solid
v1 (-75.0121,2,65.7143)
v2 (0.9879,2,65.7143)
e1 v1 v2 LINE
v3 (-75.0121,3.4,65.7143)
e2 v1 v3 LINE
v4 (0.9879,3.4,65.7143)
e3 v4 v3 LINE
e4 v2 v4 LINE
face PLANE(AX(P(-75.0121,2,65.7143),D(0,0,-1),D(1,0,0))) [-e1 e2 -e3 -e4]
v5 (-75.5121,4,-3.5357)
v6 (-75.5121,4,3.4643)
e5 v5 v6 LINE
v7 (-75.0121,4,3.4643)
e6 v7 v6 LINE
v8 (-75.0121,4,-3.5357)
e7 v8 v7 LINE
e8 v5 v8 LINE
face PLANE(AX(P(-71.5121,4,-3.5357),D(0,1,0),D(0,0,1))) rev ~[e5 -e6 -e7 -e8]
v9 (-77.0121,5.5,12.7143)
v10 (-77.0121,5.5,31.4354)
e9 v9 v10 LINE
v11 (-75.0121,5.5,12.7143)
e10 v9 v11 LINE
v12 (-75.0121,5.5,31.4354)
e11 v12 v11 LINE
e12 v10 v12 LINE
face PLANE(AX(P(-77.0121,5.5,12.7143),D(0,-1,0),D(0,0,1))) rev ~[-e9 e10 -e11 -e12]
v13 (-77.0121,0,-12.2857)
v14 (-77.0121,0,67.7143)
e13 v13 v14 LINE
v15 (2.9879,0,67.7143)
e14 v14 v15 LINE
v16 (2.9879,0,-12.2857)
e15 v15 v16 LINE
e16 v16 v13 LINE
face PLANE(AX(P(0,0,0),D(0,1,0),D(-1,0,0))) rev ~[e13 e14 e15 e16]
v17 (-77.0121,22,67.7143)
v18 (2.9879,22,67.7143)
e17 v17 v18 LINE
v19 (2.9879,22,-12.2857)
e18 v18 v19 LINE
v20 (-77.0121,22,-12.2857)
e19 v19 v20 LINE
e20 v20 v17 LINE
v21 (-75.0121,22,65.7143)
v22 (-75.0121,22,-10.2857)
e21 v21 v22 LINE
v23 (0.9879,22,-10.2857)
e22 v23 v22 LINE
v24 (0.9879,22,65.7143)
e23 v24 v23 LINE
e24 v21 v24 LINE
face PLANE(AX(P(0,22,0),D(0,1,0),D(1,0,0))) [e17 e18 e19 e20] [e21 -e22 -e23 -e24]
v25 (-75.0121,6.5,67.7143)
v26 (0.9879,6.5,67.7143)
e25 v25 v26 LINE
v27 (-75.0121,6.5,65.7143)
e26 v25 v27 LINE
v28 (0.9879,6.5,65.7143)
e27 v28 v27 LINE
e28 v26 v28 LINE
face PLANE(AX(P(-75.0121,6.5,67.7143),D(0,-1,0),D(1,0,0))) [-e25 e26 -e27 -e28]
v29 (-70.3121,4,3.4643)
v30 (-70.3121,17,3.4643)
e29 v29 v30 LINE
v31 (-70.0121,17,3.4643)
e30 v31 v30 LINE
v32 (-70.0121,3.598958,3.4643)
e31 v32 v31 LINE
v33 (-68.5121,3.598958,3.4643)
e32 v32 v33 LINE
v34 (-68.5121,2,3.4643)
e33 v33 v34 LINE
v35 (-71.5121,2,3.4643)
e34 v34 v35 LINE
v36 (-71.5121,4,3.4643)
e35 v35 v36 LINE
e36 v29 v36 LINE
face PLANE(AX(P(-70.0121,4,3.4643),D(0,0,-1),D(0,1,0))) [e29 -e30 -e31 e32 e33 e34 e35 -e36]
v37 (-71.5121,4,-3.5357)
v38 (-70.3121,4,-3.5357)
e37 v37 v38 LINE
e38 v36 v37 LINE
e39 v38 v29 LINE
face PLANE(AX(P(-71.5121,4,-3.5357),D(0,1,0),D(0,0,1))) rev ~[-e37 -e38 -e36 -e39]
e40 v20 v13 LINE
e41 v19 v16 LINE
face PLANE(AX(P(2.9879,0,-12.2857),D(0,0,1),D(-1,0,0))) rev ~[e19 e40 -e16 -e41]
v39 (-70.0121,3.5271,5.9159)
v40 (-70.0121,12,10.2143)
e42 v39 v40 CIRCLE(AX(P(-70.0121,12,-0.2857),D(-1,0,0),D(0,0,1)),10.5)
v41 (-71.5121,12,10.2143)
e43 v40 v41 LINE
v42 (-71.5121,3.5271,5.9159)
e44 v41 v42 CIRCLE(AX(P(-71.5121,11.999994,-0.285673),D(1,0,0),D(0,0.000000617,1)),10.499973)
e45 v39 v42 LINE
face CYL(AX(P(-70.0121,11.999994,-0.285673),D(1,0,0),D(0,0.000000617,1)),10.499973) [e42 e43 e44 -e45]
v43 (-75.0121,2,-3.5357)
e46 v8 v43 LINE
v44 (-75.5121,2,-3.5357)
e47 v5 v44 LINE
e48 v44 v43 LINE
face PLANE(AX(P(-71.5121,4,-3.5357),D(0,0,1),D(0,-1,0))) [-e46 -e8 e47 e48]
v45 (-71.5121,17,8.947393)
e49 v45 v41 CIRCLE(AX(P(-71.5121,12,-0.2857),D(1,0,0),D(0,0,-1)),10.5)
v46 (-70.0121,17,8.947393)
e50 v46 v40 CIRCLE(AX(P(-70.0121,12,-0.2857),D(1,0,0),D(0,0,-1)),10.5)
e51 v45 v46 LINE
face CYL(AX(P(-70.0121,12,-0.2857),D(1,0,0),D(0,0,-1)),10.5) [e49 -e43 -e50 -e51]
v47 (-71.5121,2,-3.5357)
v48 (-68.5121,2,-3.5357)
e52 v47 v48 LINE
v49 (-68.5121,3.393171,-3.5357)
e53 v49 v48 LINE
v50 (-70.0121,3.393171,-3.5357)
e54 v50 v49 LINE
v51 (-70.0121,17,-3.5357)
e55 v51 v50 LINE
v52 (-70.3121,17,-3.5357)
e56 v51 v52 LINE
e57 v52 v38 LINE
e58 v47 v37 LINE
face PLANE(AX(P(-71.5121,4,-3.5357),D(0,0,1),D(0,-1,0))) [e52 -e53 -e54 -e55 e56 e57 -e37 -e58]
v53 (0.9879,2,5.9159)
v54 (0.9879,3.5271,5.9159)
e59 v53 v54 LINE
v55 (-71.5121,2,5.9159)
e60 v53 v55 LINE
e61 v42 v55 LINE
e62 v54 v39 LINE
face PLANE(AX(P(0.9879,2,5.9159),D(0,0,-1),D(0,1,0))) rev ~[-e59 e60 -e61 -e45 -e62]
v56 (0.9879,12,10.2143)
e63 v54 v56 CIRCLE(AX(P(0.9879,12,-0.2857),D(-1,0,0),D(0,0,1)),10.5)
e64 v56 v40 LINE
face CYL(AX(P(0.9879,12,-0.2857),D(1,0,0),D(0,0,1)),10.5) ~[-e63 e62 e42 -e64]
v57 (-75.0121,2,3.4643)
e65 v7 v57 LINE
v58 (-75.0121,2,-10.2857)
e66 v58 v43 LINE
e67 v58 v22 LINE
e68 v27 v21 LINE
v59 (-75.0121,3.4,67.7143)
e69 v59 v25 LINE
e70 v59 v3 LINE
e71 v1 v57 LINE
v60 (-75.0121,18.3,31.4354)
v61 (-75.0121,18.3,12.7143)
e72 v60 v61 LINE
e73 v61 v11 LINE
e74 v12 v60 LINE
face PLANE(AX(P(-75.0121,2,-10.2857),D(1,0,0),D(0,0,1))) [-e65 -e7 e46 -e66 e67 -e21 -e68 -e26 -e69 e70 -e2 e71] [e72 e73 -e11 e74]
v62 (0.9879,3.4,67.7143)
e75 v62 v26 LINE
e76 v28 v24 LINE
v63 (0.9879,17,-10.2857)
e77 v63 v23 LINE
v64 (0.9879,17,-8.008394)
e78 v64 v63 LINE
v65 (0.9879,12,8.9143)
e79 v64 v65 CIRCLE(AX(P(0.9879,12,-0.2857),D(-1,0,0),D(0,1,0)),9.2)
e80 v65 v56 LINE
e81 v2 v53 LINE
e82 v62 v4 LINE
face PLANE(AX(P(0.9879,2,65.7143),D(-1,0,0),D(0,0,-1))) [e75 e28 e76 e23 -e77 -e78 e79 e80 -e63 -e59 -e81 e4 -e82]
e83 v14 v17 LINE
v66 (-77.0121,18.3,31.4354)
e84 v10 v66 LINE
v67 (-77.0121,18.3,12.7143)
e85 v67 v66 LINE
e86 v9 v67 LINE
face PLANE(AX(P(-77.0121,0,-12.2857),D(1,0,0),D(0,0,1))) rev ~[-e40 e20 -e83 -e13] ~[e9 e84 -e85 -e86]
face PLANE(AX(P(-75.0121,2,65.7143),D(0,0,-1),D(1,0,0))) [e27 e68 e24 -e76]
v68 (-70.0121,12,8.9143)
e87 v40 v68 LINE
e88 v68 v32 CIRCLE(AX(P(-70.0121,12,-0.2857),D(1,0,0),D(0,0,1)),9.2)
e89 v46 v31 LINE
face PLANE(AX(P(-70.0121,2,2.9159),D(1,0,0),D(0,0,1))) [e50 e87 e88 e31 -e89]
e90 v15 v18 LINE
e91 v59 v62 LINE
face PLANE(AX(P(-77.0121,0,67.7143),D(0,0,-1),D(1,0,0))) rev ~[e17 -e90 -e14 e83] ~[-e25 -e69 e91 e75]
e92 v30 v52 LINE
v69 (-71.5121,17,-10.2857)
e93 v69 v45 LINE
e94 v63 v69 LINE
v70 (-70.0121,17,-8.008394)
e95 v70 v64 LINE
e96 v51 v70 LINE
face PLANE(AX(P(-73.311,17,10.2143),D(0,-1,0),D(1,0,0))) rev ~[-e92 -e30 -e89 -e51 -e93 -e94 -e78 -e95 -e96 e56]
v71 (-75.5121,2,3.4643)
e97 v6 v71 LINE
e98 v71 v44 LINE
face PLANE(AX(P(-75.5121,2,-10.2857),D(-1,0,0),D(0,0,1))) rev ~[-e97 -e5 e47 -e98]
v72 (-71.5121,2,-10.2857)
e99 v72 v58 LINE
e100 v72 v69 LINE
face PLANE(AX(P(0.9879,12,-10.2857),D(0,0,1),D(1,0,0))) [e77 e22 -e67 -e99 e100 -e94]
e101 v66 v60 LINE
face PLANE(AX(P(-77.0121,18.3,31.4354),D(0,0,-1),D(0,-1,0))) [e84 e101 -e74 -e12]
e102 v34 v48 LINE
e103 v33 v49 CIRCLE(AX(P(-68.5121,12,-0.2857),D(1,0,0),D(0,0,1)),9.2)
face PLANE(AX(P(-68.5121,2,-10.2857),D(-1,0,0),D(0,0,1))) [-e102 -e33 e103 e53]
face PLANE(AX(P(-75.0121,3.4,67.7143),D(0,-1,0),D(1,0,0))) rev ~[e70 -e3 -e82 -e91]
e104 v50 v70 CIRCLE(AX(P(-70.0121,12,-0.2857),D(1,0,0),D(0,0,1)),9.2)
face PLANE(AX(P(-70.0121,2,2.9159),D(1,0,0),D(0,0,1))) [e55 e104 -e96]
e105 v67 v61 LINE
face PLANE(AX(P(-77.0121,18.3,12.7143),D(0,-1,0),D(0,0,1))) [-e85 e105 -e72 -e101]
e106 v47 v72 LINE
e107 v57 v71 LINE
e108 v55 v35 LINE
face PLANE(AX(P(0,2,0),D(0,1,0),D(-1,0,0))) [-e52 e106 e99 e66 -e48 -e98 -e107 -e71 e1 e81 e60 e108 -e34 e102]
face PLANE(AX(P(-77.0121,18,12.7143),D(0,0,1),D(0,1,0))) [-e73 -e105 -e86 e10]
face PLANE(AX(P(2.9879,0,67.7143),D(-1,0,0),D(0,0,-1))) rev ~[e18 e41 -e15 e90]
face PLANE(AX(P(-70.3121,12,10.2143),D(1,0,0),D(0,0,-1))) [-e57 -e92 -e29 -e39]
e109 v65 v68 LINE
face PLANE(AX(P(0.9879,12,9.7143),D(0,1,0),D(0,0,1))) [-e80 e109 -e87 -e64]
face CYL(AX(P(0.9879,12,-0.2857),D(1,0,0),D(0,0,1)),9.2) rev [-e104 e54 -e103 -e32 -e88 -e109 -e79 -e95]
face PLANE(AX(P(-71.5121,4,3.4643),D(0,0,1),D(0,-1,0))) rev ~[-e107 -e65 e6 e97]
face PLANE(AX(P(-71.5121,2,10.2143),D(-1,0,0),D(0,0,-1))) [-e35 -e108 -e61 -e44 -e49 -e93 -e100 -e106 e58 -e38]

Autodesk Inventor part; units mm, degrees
ref_plane "YZ Plane" through (0, 0, 0) normal (1, 0, 0) x (0, 1, 0)
ref_plane "XZ Plane" through (0, 0, 0) normal (0, 1, 0) x (-1, 0, 0)
sketch "Sketch1" plane through (0, 0, 0) normal (0, 1, 0) x (-1, 0, 0)
  line L0 (77.0121, 67.7143) -> (-2.9879, 67.7143)
  line L1 (-2.9879, 67.7143) -> (-2.9879, -12.2857)
  line L2 (-2.9879, -12.2857) -> (77.0121, -12.2857)
  line L3 (77.0121, -12.2857) -> (77.0121, 67.7143)
  point P0 (0, 0)
  dimension "d0" = 80
  dimension "d1" = 80
extrude "Extrusion1" add sketch "Sketch1" along normal blind 2
sketch "Sketch2" plane through (0, 2, 0) normal (0, 1, 0) x (1, 0, 0)
  line L0 (2.9879, -67.7143) -> (2.9879, 12.2857) projected
  line L1 (2.9879, 12.2857) -> (-77.0121, 12.2857) projected
  line L2 (-77.0121, 12.2857) -> (-77.0121, -67.7143) projected
  line L3 (-77.0121, -67.7143) -> (2.9879, -67.7143) projected
  line L4 (0.9879, -65.7143) -> (0.9879, 10.2857)
  line L5 (0.9879, 10.2857) -> (-75.0121, 10.2857)
  line L6 (-75.0121, 10.2857) -> (-75.0121, -65.7143)
  line L7 (-75.0121, -65.7143) -> (0.9879, -65.7143)
  point P0 (0, 0)
  dimension "d4" = 2
extrude "Extrusion2" add sketch "Sketch2" along normal blind 20
sketch "Sketch4" plane through (-77.0121, 0, 67.7143) normal (0, 0, 1) x (1, 0, 0)
  line L0 (2, 2) -> (2, 22) projected
  line L1 (78, 2) -> (78, 22) projected
  line L2 (2, 12) -> (78, 12)
  line L3 (78, 12) -> (78, 2)
  line L4 (78, 2) -> (2, 2)
  line L5 (2, 2) -> (2, 12)
  line L6 (2, 2) -> (78, 2)
  line L7 (78, 2) -> (78, 7)
  line L8 (78, 7) -> (2, 7)
  line L9 (2, 7) -> (2, 2)
  line L10 (78, 2) -> (62, 2)
  line L11 (62, 2) -> (2, 2)
  line L12 (2, 2) -> (78, 2) projected
  line L13 (2, 2) -> (62, 2)
  line L14 (2, 3.4) -> (78, 3.4)
  line L15 (2, 6.5) -> (78, 6.5)
  point P0 (77.0121, 0)
  point P1 (2, 3.4)
  dimension "d53" = 16
  dimension "d54" = 1.4
  dimension "d55" = 0.5
extrude "Extrusion4" cut sketch "Sketch4" against normal blind 20 contours L0 L15 L1 L14
sketch "Sketch5" plane through (0.9879, 2, -10.2857) normal (-1, 0, 0) x (0, 0, 1)
  line L0 (76, 0) -> (0, 0) projected
  line L1 (0, 0) -> (0, 20) projected
  circle A0 centre (10, 10) radius 9
  circle A1 centre (10, 10) radius 10
  circle A2 centre (10, 10) radius 10.5
  circle A3 centre (10, 10) radius 9.2
  line L2 (0, 20) -> (76, 20) projected
  line L3 (0, 10) -> (20.5, 10)
  line L4 (13.2016, 0) -> (16.2016, 0)
  line L5 (16.2016, 0) -> (16.2016, 1.5271)
  line L6 (10, 10) -> (10, 20)
  point P0 (10.2857, -2)
  point P1 (78, 0)
  point P2 (10, 0)
  point P3 (13.2016, 0)
  point P4 (13.2016, 20)
  point P5 (6.7984, 20)
  point P6 (0, 13.2016)
  point P7 (0.8, 10)
  point P8 (0, 10)
  point P9 (19.2, 10)
  point P10 (6.7984, 0)
  point P11 (0, 6.7984)
  point P12 (10, 19.2)
  dimension "d11" = 18
  dimension "d12" = 1
  dimension "d13" = 0.5
  dimension "d14" = 0.2
  dimension "d31" = 3
extrude "Extrusion5" add sketch "Sketch5" along normal blind 71 contours L0 A2 L5 | L0 A1 L3 A2 | L0 A2 L1 A1 | A1 L3 A3 | L0 L1 A2 | L1 A2 L2 A1 | A1 L6 A3 L3 | L1 L2 A2 picked at (0.4271, 11.4241)
sketch "Sketch10" plane through (0, 2, 0) normal (0, 1, 0) x (1, 0, 0)
  line L0 (-70.0121, -2.9159) -> (-70.0121, -10.2143) projected
  line L1 (-70.0121, 10.2857) -> (-75.0121, 10.2857) projected
  line L2 (-70.0121, -10.2143) -> (-71.5121, -10.2143)
  line L3 (-71.5121, -10.2143) -> (-71.5121, 10.2857)
  line L4 (-71.5121, 10.2857) -> (-70.0121, 10.2857)
  line L5 (-70.0121, 10.2857) -> (-70.0121, -10.2143)
  point P0 (0, 0)
  point P1 (-70.0121, -5.9159)
  dimension "d21" = 1.5
extrude "Extrusion8" add sketch "Sketch10" along normal up to surface (20 mm away)
sketch "Sketch11" plane through (-71.5121, 2, -10.2857) normal (-1, 0, 0) x (0, 0, 1)
  line L0 (20.5, 0) -> (0, 0) projected
  line L1 (20.5, 0) -> (20.5, 20) projected
  line L2 (0, 0) -> (0, 20) projected
  line L3 (20.5, 0) -> (20.5, 20) projected
  line L4 (0, 15) -> (20.5, 15) projected
  line L5 (6.75, 2) -> (13.75, 2)
  line L6 (13.75, 2) -> (13.75, 0)
  line L7 (0, 0) -> (0, 20) projected
  line L8 (20.5, 0) -> (0, 0) projected
  line L9 (6.75, 2) -> (6.75, 0)
  line L10 (20.5, 20) -> (0, 20) projected
  point P0 (10.2857, -2)
  point P1 (10.25, 2)
  point P2 (10.25, 15)
  dimension "d25" = 2
  dimension "d26" = 7
extrude "Extrusion9" cut sketch "Sketch11" along normal blind 4 and the other way blind 3 contours L0 L9 L5 L6
sketch "Sketch14" plane through (-70.0121, 2, 10.2143) normal (1, 0, 0) x (0, 0, -1)
  arc A0 (0, 10) -> (4.2984, 1.5271) centre (10.5, 10) ccw projected
  line L0 (0, 0) -> (0, 10) projected
  line L1 (4.2984, 0) -> (0, 0) projected
  line L2 (4.2984, 0) -> (4.2984, 1.5271) projected
  point P0 (10.2143, -2)
extrude "Extrusion11" cut sketch "Sketch14" against normal up to surface (5 mm away)
sketch "Sketch15" plane through (-70.0121, 12, 10.2143) normal (1, 0, 0) x (0, 0, -1)
  line L0 (4.2984, -10) -> (4.2984, -8.4729) projected
  line L1 (4.2984, -10) -> (4.2984, 5)
  line L2 (13.75, -8) -> (6.75, -8)
  line L3 (6.75, -8) -> (6.75, 5)
  line L4 (6.75, 5) -> (13.75, 5)
  line L5 (13.75, 5) -> (13.75, -8)
  point P0 (10.2143, -12)
  dimension "d35" = 15
extrude "Extrusion12" cut sketch "Sketch15" against normal blind 0.3
sketch "Sketch16" plane through (-70.0121, 12, 10.2143) normal (1, 0, 0) x (0, 0, -1)
  arc A0 (13.75, -8.6068) -> (10.5, 9.2) centre (10.5, 0) ccw projected
  arc A1 (0, 0) -> (4.2984, -8.4729) centre (10.5, 0) ccw projected
  circle A2 centre (10.5, 0) radius 10.5
  line L0 (10.5, 10) -> (0, 10) projected
  line L1 (0, 0) -> (0, 10) projected
  point P0 (10.2143, -12)
  point P1 (0, 0)
  point P2 (7.2984, 10)
extrude "Extrusion13" cut sketch "Sketch16" against normal up to surface (5 mm away) contours L1 L0 A2
sketch "Sketch17" plane through (-77.0121, 0, -12.2857) normal (-1, 0, 0) x (0, 0, 1)
  line L0 (0, 0) -> (0, 22) projected
  line L1 (25.5, 18) -> (43, 18)
  line L2 (43, 18) -> (43, 5.5)
  line L3 (43, 5.5) -> (25.5, 5.5)
  line L4 (25.5, 5.5) -> (25.5, 18)
  line L5 (0, 22) -> (80, 22) projected
  line L6 (43, 18) -> (43.7211, 18)
  line L7 (43.7211, 18) -> (43.7211, 5.5)
  line L8 (43.7211, 5.5) -> (43, 5.5)
  line L9 (25.5, 18) -> (25, 18)
  line L10 (25, 18) -> (25, 5.5)
  line L11 (25, 5.5) -> (25.5, 5.5)
  line L12 (25, 18) -> (25, 18.3)
  line L13 (25, 18.3) -> (43.7211, 18.3)
  line L14 (43.7211, 18.3) -> (43.7211, 18)
  point P0 (12.2857, 0)
  point P1 (20.2416, 9.7558)
  point P2 (0, 11)
  dimension "d46" = 12.5
  dimension "d47" = 17.5
  dimension "d50" = 4
  dimension "d51" = 0.5
  dimension "d52" = 0.3
extrude "Extrusion14" cut sketch "Sketch17" against normal blind 4
sketch "Sketch18" plane through (0.9879, 6.5, 65.7143) normal (-1, 0, 0) x (0, 0, 1)
  arc A0 (-66, 14.7) -> (-56.8, 5.5) centre (-66, 5.5) ccw projected
  point P0 (-65.7143, -6.5)
ref_plane "Work Plane1" through (0.9879, 12, 10.2143) normal (0, 0, 1) x (1, 0, 0)
sketch "Sketch19" plane through (0.9879, 12, 10.2143) normal (0, 0, 1) x (1, 0, 0)
  line L0 (-71, -8.401) -> (-71, 5) projected
  line L1 (-74.2989, 5) -> (0, 5)
  line L2 (0, 5) -> (0, 10)
  line L3 (0, 10) -> (-74.2989, 10)
  line L4 (-74.2989, 10) -> (-74.2989, 5)
  point P0 (-0.9879, -12)
extrude "Extrusion15" cut sketch "Sketch19" against normal up to surface (20.5 mm away)
properties part number "obudowa2"
